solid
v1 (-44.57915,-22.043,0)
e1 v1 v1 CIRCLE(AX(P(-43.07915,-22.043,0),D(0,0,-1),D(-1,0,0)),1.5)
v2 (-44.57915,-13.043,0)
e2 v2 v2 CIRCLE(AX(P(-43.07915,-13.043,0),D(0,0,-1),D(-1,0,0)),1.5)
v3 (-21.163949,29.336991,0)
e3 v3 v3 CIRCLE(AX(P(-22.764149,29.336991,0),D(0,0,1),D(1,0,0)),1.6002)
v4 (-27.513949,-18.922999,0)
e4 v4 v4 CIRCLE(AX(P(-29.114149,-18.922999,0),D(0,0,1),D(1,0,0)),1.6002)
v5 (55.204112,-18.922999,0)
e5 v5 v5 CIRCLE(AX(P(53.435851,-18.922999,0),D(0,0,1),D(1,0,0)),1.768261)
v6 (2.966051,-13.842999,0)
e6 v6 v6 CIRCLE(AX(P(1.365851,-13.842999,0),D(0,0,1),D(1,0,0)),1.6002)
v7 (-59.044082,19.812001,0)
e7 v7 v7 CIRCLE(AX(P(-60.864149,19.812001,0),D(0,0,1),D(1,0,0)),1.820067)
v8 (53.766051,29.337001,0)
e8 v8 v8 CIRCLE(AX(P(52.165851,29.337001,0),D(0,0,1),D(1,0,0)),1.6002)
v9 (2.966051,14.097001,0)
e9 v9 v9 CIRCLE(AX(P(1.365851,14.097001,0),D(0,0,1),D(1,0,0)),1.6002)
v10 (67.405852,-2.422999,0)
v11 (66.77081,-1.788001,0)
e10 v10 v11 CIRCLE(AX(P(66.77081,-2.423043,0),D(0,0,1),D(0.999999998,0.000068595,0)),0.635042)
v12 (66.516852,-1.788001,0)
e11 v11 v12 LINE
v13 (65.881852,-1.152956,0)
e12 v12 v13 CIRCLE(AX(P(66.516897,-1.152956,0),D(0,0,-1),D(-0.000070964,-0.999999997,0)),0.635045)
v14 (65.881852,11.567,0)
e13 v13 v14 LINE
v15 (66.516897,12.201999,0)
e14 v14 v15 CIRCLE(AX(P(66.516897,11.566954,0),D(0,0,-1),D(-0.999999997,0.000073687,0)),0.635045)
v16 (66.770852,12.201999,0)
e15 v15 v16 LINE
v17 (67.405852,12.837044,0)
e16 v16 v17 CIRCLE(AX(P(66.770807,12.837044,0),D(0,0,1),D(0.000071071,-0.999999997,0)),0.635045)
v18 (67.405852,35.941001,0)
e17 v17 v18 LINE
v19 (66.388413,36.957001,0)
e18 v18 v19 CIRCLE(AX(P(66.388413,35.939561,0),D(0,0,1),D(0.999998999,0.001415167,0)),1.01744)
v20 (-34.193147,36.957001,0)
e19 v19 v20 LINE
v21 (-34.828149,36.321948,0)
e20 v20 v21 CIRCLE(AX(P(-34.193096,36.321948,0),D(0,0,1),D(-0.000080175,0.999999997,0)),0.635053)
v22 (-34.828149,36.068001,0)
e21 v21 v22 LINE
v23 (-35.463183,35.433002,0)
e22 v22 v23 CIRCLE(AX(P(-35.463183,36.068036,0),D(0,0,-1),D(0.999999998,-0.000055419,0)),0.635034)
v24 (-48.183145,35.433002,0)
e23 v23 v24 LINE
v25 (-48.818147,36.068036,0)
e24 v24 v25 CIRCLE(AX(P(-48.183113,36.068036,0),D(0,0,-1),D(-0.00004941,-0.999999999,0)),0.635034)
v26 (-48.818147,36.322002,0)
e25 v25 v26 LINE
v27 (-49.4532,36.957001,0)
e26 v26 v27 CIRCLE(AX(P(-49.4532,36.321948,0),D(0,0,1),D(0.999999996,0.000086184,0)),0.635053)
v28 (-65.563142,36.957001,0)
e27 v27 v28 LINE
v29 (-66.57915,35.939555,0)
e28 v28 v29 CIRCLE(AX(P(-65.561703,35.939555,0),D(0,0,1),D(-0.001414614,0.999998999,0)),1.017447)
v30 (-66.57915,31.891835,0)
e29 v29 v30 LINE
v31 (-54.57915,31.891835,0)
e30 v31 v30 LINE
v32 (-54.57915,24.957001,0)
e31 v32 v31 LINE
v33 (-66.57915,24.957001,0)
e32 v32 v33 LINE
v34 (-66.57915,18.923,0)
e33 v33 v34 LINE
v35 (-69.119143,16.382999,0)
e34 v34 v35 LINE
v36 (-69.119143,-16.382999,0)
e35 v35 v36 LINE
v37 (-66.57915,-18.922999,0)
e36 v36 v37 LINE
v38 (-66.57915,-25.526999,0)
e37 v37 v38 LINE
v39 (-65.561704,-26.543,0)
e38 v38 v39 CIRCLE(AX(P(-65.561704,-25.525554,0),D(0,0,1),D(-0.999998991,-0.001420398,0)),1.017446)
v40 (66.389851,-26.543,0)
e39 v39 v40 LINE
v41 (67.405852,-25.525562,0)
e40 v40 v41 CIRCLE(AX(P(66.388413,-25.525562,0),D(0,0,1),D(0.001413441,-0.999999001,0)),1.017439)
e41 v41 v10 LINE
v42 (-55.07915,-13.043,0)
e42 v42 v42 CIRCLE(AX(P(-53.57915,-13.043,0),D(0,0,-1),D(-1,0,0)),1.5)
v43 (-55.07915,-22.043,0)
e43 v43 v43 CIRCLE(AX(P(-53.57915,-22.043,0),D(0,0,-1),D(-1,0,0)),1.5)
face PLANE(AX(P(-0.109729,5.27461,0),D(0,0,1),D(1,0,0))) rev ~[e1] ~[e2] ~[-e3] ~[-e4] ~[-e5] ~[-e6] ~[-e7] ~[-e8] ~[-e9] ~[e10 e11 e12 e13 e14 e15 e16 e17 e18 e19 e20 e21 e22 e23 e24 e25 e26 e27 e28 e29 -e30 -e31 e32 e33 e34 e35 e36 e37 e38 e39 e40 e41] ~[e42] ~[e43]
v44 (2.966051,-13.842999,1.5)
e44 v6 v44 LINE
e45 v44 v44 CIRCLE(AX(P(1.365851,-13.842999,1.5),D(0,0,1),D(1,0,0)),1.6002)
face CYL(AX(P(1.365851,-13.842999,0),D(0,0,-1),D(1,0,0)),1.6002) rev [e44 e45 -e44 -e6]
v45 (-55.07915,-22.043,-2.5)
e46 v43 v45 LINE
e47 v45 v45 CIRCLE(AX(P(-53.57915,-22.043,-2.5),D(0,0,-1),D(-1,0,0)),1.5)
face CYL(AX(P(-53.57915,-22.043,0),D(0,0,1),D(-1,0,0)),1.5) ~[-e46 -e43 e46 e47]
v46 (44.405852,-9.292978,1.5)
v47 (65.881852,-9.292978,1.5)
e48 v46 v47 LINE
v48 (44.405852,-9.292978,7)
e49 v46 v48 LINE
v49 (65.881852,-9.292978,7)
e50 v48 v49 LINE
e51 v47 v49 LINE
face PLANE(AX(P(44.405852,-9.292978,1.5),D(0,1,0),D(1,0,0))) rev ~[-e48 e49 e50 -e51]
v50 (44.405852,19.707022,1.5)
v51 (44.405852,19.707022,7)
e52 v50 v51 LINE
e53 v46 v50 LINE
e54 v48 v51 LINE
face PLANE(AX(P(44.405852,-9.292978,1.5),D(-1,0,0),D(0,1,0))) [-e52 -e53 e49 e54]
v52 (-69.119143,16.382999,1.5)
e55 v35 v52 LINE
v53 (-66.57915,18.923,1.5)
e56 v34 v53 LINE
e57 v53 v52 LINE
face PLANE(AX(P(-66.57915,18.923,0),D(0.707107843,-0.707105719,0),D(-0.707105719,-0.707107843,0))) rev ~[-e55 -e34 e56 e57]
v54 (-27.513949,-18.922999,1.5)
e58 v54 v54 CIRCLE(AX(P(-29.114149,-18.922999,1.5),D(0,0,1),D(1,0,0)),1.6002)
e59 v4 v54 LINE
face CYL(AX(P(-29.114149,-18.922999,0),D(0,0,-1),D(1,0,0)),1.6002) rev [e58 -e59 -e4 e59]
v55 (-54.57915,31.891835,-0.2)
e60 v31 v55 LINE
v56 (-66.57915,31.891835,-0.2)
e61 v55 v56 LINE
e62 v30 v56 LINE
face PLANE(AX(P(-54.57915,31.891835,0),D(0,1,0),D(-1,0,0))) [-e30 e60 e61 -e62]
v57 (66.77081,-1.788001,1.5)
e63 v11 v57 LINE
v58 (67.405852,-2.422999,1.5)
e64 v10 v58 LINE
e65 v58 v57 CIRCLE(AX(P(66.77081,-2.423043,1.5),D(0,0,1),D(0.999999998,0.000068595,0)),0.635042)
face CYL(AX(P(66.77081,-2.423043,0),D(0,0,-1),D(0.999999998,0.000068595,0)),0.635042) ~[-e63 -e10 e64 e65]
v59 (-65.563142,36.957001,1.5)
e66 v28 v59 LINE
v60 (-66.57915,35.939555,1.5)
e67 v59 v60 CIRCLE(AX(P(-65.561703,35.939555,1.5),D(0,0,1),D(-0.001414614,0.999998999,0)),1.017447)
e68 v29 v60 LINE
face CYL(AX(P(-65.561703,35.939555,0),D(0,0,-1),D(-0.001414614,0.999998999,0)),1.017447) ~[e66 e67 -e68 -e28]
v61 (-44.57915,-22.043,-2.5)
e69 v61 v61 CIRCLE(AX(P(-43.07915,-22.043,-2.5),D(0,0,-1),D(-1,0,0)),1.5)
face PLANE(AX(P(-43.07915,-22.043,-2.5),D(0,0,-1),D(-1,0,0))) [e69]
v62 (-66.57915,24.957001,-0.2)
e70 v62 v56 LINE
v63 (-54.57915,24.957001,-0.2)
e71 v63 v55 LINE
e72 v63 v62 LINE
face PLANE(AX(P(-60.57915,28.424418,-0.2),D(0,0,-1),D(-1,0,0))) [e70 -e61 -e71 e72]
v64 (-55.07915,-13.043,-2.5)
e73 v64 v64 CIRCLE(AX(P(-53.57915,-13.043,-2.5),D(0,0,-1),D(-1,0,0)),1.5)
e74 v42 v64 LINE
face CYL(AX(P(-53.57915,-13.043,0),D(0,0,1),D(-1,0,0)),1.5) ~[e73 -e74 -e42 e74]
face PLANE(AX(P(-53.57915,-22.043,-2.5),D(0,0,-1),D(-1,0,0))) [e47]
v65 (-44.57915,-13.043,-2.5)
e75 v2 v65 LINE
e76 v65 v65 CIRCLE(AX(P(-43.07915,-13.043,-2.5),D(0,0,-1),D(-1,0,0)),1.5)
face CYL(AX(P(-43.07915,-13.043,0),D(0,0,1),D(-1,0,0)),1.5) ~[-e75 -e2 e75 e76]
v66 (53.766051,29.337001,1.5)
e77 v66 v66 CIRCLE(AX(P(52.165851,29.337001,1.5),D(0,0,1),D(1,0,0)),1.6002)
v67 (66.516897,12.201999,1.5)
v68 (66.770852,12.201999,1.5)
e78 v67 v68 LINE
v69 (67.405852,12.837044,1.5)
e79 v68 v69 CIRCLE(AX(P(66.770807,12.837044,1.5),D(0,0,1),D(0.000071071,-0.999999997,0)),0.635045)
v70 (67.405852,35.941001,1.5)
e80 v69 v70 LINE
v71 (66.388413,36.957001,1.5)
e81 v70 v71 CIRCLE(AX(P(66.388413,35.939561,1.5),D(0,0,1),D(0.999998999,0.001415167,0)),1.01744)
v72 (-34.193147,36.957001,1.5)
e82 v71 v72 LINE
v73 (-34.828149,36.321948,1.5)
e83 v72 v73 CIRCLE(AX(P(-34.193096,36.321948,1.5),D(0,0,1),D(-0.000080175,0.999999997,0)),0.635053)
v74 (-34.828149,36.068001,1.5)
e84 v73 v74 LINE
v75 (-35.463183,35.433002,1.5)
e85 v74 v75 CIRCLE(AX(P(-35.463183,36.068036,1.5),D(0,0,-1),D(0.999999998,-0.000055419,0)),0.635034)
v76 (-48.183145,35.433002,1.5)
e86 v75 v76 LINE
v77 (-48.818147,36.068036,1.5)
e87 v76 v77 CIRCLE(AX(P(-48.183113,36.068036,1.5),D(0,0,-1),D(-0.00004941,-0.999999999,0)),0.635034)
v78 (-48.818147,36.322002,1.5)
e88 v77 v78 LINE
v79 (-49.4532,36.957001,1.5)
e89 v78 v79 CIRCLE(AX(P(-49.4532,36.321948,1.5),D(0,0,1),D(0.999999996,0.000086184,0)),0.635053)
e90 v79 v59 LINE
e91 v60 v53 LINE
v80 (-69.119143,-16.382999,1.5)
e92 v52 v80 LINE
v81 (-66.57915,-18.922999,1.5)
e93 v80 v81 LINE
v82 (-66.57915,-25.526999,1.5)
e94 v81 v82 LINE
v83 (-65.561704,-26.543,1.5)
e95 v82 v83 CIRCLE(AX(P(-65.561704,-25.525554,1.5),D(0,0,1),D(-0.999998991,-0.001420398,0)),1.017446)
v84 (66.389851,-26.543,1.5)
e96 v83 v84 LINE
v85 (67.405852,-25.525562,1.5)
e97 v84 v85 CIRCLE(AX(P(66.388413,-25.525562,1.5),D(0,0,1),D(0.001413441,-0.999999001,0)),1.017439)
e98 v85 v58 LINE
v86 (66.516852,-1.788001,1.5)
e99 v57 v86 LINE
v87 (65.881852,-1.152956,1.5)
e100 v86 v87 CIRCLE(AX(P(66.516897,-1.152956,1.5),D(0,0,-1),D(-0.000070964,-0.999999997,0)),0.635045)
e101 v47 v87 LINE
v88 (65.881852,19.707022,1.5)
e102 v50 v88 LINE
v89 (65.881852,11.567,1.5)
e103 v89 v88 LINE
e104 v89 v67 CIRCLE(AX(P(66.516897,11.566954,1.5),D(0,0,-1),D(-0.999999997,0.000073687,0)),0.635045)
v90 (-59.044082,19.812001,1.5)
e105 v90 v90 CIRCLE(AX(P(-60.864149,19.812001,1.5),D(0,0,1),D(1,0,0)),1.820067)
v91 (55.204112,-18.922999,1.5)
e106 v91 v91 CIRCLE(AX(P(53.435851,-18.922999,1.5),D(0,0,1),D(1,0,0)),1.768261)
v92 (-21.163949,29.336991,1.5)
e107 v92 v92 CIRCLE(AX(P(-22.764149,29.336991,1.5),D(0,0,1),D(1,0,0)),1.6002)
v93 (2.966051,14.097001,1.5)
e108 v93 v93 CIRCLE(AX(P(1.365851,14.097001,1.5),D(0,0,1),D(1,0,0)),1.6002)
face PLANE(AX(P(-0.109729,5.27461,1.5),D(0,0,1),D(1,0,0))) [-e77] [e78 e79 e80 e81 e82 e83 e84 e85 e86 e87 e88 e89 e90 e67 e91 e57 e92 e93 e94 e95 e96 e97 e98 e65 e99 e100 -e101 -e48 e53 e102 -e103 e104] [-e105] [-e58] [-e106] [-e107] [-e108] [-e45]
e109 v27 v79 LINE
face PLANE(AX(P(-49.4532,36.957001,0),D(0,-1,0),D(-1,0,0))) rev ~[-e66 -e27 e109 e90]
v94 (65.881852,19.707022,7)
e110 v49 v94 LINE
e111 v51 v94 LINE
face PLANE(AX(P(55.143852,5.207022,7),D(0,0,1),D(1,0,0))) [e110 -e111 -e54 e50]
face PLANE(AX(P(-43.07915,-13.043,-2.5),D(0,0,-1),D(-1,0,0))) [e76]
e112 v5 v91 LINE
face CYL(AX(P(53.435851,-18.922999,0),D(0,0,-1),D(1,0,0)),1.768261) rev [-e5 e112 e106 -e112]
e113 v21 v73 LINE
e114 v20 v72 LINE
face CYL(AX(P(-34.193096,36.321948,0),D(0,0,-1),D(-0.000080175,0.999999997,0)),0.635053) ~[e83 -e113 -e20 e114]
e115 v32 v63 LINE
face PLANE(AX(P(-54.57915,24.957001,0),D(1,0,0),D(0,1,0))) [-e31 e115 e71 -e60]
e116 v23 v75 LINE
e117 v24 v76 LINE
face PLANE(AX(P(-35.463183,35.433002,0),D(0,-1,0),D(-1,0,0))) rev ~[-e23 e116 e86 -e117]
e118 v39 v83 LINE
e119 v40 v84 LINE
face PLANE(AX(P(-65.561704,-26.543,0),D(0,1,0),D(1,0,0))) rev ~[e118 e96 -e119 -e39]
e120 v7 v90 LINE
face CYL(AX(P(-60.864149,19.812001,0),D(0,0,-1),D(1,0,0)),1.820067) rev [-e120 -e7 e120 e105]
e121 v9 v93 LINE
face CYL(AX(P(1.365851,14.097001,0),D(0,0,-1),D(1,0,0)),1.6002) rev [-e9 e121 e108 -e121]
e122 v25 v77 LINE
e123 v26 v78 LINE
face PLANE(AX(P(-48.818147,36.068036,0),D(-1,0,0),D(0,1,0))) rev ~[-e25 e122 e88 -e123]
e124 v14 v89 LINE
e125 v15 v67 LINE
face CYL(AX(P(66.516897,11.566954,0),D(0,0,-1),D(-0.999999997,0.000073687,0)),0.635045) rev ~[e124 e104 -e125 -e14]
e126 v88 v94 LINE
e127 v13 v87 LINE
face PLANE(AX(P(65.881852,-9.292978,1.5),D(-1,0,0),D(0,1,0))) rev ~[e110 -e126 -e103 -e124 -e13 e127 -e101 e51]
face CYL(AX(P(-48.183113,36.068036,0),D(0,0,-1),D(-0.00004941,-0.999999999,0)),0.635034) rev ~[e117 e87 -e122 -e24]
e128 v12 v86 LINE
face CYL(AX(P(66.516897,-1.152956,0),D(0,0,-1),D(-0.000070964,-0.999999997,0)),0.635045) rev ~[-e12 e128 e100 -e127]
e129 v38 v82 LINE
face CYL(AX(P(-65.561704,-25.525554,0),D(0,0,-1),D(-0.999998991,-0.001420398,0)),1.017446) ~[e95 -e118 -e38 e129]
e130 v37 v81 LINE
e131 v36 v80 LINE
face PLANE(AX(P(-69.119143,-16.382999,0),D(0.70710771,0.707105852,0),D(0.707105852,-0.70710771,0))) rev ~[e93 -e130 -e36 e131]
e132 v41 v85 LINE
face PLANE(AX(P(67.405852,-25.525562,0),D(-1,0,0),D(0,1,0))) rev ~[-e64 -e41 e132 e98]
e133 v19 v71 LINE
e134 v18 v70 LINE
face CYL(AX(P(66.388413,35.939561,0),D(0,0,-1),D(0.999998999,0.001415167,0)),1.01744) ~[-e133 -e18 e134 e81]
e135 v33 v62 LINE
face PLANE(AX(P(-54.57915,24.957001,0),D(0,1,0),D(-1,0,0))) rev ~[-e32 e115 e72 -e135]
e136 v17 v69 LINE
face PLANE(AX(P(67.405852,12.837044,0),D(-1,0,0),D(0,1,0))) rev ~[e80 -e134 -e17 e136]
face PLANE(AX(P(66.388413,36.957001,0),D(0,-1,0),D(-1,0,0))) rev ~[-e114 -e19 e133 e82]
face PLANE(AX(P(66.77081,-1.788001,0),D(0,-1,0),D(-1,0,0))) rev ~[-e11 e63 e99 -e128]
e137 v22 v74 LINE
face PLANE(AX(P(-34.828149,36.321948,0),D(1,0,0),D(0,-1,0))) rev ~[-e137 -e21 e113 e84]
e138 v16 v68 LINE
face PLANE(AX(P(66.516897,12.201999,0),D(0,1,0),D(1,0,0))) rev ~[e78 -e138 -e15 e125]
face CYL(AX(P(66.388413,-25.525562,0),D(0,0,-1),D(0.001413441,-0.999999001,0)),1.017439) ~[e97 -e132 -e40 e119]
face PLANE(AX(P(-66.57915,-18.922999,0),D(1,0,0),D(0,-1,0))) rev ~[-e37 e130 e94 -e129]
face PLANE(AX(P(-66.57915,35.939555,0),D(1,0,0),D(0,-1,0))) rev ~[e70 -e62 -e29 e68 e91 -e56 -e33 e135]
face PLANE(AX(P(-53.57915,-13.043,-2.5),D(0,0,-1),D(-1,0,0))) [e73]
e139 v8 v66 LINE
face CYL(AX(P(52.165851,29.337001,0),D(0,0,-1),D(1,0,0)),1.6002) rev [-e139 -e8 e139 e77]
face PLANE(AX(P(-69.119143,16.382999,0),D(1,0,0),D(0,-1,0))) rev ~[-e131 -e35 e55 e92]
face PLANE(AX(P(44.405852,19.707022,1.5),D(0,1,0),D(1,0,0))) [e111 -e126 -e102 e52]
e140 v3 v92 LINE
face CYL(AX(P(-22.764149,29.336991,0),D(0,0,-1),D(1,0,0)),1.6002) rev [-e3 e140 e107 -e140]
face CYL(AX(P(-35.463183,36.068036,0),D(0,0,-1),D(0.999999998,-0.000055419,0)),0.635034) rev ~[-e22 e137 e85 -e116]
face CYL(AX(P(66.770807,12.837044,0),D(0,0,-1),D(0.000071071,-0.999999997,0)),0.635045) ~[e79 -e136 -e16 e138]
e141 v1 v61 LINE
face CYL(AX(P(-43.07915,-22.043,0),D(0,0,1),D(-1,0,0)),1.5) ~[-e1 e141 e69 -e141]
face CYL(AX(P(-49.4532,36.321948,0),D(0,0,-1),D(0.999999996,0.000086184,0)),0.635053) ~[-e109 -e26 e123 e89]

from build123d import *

# Parameters (mm, degrees)
ESBO_O2_R                = 1.820066551
ESBO_O2_R_2              = 1.6002
ESBO_O2_R_3              = 1.768261329
RESSALTO_EXTRUS_O1_DEPTH = 1.5
ARQUIVOS_LOCAIS1_R       = 1.5
RESSALTO_EXTRUS_O2_DEPTH = 2.5
ARQUIVOS_LOCAIS2_W       = 12
ARQUIVOS_LOCAIS2_H       = 6.934834447
RESSALTO_EXTRUS_O3_DEPTH = 0.2
ARQUIVOS_LOCAIS3_W       = 21.475999934
ARQUIVOS_LOCAIS3_H       = 29
RESSALTO_EXTRUS_O4_DEPTH = 5.5


with BuildPart() as part:
    # Esboço2 → Ressalto-extrusão1 (new body)
    with BuildSketch(Plane.XY):
        with BuildLine():
            Line((66.770810212, -1.788001123), (66.516852098, -1.788001123))
            ThreePointArc((66.516852098, -1.788001123), (66.067836522, -1.601984783), (65.881852046, -1.152956008))
            Line((65.881852046, -1.152956008), (65.881852046, 11.567000327))
            ThreePointArc((65.881852046, 11.567000327), (66.067868997, 12.016014785), (66.516897161, 12.20199865))
            Line((66.516897161, 12.20199865), (66.770852104, 12.20199865))
            ThreePointArc((66.770852104, 12.20199865), (67.219867652, 12.38801502), (67.405852112, 12.837043786))
            Line((67.405852112, 12.837043786), (67.405852112, 35.941000874))
            ThreePointArc((67.405852112, 35.941000874), (67.107342698, 36.659508424), (66.388413427, 36.957000731))
            Line((66.388413427, 36.957000731), (-34.193146911, 36.957000731))
            ThreePointArc((-34.193146911, 36.957000731), (-34.642164318, 36.770979998), (-34.82814905, 36.321947678))
            Line((-34.82814905, 36.321947678), (-34.82814905, 36.068000792))
            ThreePointArc((-34.82814905, 36.068000792), (-35.014158502, 35.618987038), (-35.463182564, 35.43300247))
            Line((-35.463182564, 35.43300247), (-48.183144777, 35.43300247))
            ThreePointArc((-48.183144777, 35.43300247), (-48.632160998, 35.619010573), (-48.818146915, 36.068035984))
            Line((-48.818146915, 36.068035984), (-48.818146915, 36.322002409))
            ThreePointArc((-48.818146915, 36.322002409), (-49.004168997, 36.771017349), (-49.453199968, 36.957000732))
            Line((-49.453199968, 36.957000732), (-65.563142032, 36.957000732))
            ThreePointArc((-65.563142032, 36.957000732), (-66.281654952, 36.658489436), (-66.57914953, 35.939554956))
            Line((-66.57914953, 35.939554956), (-66.57914953, 18.923000336))
            Line((-66.57914953, 18.923000336), (-69.119142817, 16.38299942))
            Line((-69.119142817, 16.38299942), (-69.119142817, -16.38299942))
            Line((-69.119142817, -16.38299942), (-66.57914953, -18.922999382))
            Line((-66.57914953, -18.922999382), (-66.57914953, -25.526999235))
            ThreePointArc((-66.57914953, -25.526999235), (-66.280636326, -26.245507951), (-65.561704328, -26.543000285))
            Line((-65.561704328, -26.543000285), (66.389851048, -26.543000285))
            ThreePointArc((66.389851048, -26.543000285), (67.108359334, -26.244491656), (67.405852096, -25.525562163))
            Line((67.405852096, -25.525562163), (67.405852096, -2.422999446))
            ThreePointArc((67.405852096, -2.422999446), (67.219837234, -1.973985183), (66.770810212, -1.788001123))
        make_face()
        with Locations((-60.86414892, 19.812000732)):
            Circle(ESBO_O2_R, mode=Mode.SUBTRACT)
        with Locations((-22.76414892, 29.336990572)):
            Circle(ESBO_O2_R_2, mode=Mode.SUBTRACT)
        with Locations((1.36585108, 14.097000732)):
            Circle(ESBO_O2_R_2, mode=Mode.SUBTRACT)
        with Locations((-29.11414892, -18.922999268)):
            Circle(ESBO_O2_R_2, mode=Mode.SUBTRACT)
        with Locations((1.36585108, -13.842999268)):
            Circle(ESBO_O2_R_2, mode=Mode.SUBTRACT)
        with Locations((52.16585108, 29.337000732)):
            Circle(ESBO_O2_R_2, mode=Mode.SUBTRACT)
        with Locations((53.43585108, -18.922999268)):
            Circle(ESBO_O2_R_3, mode=Mode.SUBTRACT)
    extrude(amount=RESSALTO_EXTRUS_O1_DEPTH)

    # Arquivos locais1 → Ressalto-extrusão2 (add)
    with BuildSketch(Plane(origin=(0, 0, 0), x_dir=(-1, 0, 0), z_dir=(0, 0, -1))):
        with Locations((43.07914953, -13.043000285)):
            Circle(ARQUIVOS_LOCAIS1_R)
        with Locations((53.57914953, -13.043000285)):
            Circle(ARQUIVOS_LOCAIS1_R)
        with Locations((43.07914953, -22.043000285)):
            Circle(ARQUIVOS_LOCAIS1_R)
        with Locations((53.57914953, -22.043000285)):
            Circle(ARQUIVOS_LOCAIS1_R)
    extrude(amount=RESSALTO_EXTRUS_O2_DEPTH)

    # Arquivos locais2 → Ressalto-extrusão3 (add)
    with BuildSketch(Plane(origin=(0, 0, 0), x_dir=(-1, 0, 0), z_dir=(0, 0, -1))):
        with Locations((60.57914953, 28.424417956)):
            Rectangle(ARQUIVOS_LOCAIS2_W, ARQUIVOS_LOCAIS2_H)
    extrude(amount=RESSALTO_EXTRUS_O3_DEPTH)

    # Arquivos locais3 → Ressalto-extrusão4 (add)
    with BuildSketch(Plane.XY.offset(1.5)):
        with Locations((55.143852079, 5.20702216)):
            Rectangle(ARQUIVOS_LOCAIS3_W, ARQUIVOS_LOCAIS3_H)
    extrude(amount=RESSALTO_EXTRUS_O4_DEPTH)


solid = part.part
